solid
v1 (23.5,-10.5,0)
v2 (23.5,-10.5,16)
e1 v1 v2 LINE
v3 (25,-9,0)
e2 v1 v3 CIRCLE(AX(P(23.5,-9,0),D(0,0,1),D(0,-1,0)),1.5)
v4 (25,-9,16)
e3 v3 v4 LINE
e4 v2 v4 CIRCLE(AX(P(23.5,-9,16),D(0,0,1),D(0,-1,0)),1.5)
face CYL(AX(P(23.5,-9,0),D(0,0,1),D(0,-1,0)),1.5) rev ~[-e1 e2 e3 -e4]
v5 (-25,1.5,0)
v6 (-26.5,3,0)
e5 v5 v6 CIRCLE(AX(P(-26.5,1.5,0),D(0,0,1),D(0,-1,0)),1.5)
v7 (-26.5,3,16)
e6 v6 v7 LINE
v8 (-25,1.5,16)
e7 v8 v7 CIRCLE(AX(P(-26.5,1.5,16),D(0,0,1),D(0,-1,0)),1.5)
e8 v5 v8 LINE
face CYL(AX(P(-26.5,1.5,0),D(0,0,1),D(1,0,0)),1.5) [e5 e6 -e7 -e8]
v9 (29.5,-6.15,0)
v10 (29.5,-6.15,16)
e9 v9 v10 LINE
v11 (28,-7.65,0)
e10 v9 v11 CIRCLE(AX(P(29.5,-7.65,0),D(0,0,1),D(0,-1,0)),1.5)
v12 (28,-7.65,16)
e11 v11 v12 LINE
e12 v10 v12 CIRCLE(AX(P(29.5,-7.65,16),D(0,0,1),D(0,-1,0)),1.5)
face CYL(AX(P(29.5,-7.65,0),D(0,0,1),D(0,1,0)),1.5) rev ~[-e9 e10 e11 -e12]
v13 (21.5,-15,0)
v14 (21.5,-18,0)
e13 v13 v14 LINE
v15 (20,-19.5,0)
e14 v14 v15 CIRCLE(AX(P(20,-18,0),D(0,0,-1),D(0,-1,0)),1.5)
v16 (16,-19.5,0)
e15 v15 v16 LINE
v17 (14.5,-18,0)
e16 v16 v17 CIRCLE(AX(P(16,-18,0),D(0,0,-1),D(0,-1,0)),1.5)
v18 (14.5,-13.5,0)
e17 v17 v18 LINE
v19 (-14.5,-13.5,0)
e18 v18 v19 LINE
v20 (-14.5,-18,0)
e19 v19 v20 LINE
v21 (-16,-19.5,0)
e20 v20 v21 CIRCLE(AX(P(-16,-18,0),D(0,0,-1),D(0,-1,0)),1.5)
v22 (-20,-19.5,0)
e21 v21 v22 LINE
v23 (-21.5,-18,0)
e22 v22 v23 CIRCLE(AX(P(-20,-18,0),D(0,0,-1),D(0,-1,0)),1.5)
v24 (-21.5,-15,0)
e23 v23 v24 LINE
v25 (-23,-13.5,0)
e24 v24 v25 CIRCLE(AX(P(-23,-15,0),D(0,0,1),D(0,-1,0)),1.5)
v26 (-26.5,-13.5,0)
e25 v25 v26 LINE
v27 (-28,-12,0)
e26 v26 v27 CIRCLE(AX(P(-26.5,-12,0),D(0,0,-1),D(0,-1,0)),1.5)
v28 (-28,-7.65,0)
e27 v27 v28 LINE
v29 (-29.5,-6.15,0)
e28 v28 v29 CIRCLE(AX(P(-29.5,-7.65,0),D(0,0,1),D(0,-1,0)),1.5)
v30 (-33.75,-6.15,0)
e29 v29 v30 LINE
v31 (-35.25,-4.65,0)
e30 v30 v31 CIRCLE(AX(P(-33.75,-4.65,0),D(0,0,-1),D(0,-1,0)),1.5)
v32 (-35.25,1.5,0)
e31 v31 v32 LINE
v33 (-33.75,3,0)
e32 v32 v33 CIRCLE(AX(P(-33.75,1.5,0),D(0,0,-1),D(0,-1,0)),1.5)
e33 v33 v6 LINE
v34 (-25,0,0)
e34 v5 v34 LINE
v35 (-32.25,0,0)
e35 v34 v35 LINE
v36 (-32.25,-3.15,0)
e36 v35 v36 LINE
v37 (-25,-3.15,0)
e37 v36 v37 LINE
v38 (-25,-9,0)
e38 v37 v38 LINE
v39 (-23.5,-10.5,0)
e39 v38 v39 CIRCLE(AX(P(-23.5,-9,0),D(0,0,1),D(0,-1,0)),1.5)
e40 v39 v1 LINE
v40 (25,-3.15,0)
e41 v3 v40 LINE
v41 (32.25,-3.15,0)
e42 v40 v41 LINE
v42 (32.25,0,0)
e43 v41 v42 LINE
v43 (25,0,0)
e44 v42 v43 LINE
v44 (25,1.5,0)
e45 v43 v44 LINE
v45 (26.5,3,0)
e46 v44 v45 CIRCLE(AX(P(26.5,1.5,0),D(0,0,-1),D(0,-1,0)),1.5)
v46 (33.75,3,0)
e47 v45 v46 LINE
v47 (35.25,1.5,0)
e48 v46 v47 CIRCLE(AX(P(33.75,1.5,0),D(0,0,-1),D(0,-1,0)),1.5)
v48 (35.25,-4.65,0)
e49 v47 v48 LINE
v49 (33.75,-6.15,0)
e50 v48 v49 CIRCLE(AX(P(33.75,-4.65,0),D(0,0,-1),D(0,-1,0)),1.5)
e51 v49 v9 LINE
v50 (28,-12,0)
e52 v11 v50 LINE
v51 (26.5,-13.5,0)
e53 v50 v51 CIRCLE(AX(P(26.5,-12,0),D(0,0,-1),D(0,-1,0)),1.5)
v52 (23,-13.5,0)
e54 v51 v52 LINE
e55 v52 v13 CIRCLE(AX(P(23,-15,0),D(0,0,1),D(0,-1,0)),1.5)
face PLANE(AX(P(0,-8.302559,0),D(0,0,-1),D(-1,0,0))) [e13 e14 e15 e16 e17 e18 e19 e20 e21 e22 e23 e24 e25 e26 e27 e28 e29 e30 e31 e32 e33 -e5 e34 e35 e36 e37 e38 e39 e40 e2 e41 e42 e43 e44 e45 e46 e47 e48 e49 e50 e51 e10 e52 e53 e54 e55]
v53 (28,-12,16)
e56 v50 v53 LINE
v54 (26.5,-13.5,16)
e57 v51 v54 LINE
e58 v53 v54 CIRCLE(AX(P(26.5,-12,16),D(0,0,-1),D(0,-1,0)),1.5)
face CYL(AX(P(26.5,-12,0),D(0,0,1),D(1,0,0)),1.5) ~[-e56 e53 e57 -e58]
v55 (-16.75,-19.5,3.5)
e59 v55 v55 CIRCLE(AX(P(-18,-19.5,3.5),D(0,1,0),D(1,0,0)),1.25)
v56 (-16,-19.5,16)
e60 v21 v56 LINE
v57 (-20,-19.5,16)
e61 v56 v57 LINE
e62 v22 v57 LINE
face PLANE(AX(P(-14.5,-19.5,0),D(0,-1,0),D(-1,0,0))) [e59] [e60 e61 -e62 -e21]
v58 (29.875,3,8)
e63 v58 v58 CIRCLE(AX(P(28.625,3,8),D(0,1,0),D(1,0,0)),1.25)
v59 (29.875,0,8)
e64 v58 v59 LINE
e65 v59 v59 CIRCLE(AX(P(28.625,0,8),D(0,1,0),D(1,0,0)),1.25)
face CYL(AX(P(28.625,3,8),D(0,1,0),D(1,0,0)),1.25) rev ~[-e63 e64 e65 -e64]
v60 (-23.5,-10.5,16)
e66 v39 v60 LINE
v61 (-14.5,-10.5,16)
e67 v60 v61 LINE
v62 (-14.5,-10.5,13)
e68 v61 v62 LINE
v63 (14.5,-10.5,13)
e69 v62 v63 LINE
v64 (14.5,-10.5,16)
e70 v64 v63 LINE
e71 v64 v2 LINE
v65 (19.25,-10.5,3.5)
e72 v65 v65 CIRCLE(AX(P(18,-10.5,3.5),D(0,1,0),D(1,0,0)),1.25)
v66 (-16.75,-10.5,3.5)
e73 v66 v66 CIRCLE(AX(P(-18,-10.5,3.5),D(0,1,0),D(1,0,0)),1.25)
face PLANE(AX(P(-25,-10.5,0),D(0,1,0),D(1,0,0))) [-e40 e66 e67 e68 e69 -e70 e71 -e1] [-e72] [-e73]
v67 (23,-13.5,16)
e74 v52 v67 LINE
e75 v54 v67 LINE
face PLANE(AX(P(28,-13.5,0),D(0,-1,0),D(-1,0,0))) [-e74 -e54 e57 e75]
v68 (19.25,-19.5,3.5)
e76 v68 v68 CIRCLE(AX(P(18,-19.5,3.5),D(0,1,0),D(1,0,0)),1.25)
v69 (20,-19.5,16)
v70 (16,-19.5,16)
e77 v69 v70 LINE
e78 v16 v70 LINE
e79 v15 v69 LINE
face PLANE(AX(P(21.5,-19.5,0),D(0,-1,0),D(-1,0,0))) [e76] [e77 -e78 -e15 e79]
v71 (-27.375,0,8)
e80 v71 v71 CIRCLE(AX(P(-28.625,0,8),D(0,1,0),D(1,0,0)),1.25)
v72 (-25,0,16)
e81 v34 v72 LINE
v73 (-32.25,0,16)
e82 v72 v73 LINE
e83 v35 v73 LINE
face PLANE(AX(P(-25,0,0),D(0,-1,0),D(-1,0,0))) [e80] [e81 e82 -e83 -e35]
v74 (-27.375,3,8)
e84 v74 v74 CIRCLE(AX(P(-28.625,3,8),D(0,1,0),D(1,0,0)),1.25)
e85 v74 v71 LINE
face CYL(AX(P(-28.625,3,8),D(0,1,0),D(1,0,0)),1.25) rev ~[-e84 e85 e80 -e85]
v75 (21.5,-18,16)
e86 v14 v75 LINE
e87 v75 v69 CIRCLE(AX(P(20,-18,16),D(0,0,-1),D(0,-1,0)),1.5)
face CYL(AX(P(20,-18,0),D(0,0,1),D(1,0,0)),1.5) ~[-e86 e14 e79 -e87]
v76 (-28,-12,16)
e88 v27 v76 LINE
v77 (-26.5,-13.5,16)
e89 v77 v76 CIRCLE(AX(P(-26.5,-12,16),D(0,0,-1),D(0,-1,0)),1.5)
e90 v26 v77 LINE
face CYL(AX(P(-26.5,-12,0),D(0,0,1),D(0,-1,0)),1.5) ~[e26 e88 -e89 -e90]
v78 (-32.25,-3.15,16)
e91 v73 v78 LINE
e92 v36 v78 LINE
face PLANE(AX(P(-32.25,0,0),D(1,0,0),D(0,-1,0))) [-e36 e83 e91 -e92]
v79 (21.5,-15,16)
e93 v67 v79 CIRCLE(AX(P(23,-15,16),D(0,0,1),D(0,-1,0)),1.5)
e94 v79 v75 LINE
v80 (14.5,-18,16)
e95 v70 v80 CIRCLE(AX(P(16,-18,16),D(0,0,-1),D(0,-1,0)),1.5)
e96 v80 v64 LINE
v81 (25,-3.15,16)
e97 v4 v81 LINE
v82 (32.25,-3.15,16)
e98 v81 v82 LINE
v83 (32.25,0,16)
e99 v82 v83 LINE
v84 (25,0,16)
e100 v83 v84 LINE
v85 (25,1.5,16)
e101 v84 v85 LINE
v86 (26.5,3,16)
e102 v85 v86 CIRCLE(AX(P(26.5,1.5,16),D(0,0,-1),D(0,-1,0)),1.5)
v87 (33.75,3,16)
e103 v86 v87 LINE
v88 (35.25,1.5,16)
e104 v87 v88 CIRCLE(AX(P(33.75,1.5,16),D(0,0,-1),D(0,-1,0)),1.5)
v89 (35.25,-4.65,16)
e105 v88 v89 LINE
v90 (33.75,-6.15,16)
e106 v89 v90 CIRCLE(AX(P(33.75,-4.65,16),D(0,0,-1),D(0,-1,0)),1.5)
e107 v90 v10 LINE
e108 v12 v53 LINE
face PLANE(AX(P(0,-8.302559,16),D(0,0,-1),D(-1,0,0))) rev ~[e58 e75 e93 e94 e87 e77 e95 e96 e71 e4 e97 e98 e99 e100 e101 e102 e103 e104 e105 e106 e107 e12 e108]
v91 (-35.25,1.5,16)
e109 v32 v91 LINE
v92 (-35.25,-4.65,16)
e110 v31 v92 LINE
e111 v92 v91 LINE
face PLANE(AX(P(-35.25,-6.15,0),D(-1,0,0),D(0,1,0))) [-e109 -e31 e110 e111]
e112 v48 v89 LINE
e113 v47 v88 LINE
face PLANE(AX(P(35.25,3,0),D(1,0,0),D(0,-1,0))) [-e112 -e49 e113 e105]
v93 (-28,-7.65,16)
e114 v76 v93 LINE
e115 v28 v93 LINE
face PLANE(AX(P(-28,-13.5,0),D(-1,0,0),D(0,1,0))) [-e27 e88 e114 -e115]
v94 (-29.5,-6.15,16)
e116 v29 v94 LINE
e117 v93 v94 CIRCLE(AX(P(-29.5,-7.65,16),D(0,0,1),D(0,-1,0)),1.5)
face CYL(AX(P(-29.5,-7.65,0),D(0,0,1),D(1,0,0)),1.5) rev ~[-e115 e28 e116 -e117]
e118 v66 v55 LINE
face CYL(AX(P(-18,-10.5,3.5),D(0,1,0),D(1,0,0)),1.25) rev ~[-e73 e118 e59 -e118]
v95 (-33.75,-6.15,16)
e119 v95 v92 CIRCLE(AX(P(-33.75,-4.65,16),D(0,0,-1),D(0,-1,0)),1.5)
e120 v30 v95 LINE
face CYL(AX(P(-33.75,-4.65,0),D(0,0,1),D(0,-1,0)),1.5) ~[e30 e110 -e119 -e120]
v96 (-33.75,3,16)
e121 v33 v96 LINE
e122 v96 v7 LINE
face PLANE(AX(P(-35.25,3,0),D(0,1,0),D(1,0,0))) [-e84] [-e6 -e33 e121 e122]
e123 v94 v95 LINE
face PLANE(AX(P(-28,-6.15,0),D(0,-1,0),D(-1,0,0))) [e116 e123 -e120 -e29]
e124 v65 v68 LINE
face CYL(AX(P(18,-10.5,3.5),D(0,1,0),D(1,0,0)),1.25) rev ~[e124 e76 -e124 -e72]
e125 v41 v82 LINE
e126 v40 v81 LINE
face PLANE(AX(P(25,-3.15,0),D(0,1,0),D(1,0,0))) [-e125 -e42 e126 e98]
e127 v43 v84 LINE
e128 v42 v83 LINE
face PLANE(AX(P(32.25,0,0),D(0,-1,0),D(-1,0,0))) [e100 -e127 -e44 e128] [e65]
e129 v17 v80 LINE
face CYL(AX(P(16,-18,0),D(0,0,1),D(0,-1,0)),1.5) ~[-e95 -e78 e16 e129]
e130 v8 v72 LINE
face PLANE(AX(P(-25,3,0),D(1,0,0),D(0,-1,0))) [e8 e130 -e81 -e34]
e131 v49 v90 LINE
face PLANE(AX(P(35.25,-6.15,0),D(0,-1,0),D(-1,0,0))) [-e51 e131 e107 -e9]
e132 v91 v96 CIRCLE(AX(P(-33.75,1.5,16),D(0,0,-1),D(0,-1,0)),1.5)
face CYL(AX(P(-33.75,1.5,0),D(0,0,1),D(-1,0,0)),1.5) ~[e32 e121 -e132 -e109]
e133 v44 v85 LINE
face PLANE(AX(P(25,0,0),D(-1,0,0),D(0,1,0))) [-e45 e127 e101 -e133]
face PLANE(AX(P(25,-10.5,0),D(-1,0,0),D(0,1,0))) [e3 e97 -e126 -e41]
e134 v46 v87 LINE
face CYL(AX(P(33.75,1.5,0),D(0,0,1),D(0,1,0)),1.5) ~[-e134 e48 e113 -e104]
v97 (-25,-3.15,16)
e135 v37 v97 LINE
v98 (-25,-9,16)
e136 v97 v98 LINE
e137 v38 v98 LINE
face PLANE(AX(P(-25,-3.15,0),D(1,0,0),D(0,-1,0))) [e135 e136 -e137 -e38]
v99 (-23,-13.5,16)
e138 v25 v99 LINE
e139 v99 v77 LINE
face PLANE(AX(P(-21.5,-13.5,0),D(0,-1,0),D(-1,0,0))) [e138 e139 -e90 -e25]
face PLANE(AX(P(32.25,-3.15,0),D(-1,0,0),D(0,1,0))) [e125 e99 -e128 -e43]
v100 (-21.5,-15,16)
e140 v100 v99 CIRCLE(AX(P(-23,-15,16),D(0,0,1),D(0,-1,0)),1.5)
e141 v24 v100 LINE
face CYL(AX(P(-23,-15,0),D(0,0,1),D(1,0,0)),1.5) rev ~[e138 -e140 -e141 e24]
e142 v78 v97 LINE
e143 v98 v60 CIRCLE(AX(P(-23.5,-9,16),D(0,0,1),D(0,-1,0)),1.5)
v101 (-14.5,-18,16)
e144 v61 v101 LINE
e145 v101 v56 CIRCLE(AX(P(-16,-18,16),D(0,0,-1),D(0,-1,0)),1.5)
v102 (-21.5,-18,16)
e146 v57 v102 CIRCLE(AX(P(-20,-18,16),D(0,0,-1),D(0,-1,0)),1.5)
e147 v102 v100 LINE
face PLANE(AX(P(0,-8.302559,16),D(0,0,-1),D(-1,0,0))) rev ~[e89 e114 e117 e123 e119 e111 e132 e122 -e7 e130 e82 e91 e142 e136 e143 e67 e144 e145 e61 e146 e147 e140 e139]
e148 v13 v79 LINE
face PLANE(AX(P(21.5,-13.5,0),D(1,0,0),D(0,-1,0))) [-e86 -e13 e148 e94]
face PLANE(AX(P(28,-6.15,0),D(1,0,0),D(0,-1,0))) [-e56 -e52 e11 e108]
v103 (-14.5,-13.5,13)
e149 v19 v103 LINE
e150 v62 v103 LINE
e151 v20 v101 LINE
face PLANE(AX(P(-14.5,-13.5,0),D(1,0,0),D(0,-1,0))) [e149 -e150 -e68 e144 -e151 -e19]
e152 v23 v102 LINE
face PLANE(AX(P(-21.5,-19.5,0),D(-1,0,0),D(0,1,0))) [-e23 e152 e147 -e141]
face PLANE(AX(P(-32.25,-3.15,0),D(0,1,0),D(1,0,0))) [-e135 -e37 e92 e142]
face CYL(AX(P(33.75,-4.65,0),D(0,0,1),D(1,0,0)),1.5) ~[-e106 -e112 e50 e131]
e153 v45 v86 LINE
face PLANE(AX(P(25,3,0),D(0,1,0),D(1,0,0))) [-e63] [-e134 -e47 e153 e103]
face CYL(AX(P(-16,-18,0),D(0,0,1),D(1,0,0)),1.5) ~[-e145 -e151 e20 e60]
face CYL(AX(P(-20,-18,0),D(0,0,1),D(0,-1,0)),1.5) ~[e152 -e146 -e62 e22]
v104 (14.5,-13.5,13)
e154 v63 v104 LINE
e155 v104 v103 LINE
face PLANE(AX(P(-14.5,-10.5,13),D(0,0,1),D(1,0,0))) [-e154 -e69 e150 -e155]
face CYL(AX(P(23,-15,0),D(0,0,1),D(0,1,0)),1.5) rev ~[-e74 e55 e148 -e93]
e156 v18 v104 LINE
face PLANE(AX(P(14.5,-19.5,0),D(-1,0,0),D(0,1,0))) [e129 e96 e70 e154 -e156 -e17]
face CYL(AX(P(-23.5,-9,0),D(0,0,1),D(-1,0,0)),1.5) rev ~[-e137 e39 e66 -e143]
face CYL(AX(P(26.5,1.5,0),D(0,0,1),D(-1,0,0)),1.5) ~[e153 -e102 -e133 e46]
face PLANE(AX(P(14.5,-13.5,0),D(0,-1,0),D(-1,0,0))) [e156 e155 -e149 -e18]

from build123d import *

# Parameters (mm, degrees)
BOSS_EXTRUDE1_DEPTH = 16
SKETCH2_R           = 1.25
CUT_EXTRUDE1_DEPTH  = 10
CUT_EXTRUDE2_REACH  = 24.5
SKETCH4_R           = 1.25
FILLET1_R           = 1.5
SKETCH8_W           = 29
SKETCH8_H           = 3
CUT_EXTRUDE3_DEPTH  = 10


with BuildPart() as part:
    # Sketch1 → Boss-Extrude1 (new body)
    with BuildSketch(Plane.XY):
        Polygon((-32.25, 0), (-32.25, -3.15), (-25, -3.15), (-25, -10.5), (25, -10.5), (25, -3.15), (32.25, -3.15), (32.25, 0), (25, 0), (25, 3), (35.25, 3), (35.25, -6.15), (28, -6.15), (28, -13.5), (21.5, -13.5), (21.5, -19.5), (14.5, -19.5), (14.5, -13.5), (-14.5, -13.5), (-14.5, -19.5), (-21.5, -19.5), (-21.5, -13.5), (-28, -13.5), (-28, -6.15), (-35.25, -6.15), (-35.25, 3), (-25, 3), (-25, 0), align=None)
    extrude(amount=BOSS_EXTRUDE1_DEPTH)

    # Sketch2 → Cut-Extrude1 (cut, through all)
    with BuildSketch(Plane(origin=(0, -10.5, 0), x_dir=(1, 0, 0), z_dir=(0, 1, 0))):
        with Locations((-18, -3.5)):
            Circle(SKETCH2_R)
        with Locations((18, -3.5)):
            Circle(SKETCH2_R)
    extrude(amount=-CUT_EXTRUDE1_DEPTH, mode=Mode.SUBTRACT)

    # Sketch4 → Cut-Extrude2 (cut, up to next)
    with BuildSketch(Plane(origin=(0, 3, 0), x_dir=(1, 0, 0), z_dir=(0, 1, 0)), mode=Mode.PRIVATE) as cut_extrude2_sk1:
        with Locations((-28.625, -8)):
            Circle(SKETCH4_R)
    cut_extrude2_tool1 = extrude(cut_extrude2_sk1.sketch, amount=-CUT_EXTRUDE2_REACH, mode=Mode.PRIVATE) & part.part
    add(cut_extrude2_tool1.solids().sort_by_distance((-28.625, 3, 8))[0], mode=Mode.SUBTRACT)
    # Sketch4 → Cut-Extrude2 (cut, up to next)
    with BuildSketch(Plane(origin=(0, 3, 0), x_dir=(1, 0, 0), z_dir=(0, 1, 0)), mode=Mode.PRIVATE) as cut_extrude2_sk2:
        with Locations((28.625, -8)):
            Circle(SKETCH4_R)
    cut_extrude2_tool2 = extrude(cut_extrude2_sk2.sketch, amount=-CUT_EXTRUDE2_REACH, mode=Mode.PRIVATE) & part.part
    add(cut_extrude2_tool2.solids().sort_by_distance((28.625, 3, 8))[0], mode=Mode.SUBTRACT)

    # Fillet1
    fillet1_edges = [part.edges().sort_by_distance(p)[0] for p in [
        (-25, -10.5, 8),
        (25, -10.5, 8),
        (25, 3, 8),
        (35.25, 3, 8),
        (35.25, -6.15, 8),
        (28, -6.15, 8),
        (28, -13.5, 8),
        (21.5, -13.5, 8),
        (21.5, -19.5, 8),
        (14.5, -19.5, 8),
        (-14.5, -19.5, 8),
        (-21.5, -19.5, 8),
        (-21.5, -13.5, 8),
        (-28, -13.5, 8),
        (-28, -6.15, 8),
        (-35.25, -6.15, 8),
        (-35.25, 3, 8),
        (-25, 3, 8),
    ]]
    fillet(fillet1_edges, radius=FILLET1_R)

    # Sketch8 → Cut-Extrude3 (cut, through all)
    with BuildSketch(Plane(origin=(0, -10.5, 0), x_dir=(1, 0, 0), z_dir=(0, 1, 0))):
        with Locations((0, -14.5)):
            Rectangle(SKETCH8_W, SKETCH8_H)
    extrude(amount=-CUT_EXTRUDE3_DEPTH, mode=Mode.SUBTRACT)


solid = part.part
